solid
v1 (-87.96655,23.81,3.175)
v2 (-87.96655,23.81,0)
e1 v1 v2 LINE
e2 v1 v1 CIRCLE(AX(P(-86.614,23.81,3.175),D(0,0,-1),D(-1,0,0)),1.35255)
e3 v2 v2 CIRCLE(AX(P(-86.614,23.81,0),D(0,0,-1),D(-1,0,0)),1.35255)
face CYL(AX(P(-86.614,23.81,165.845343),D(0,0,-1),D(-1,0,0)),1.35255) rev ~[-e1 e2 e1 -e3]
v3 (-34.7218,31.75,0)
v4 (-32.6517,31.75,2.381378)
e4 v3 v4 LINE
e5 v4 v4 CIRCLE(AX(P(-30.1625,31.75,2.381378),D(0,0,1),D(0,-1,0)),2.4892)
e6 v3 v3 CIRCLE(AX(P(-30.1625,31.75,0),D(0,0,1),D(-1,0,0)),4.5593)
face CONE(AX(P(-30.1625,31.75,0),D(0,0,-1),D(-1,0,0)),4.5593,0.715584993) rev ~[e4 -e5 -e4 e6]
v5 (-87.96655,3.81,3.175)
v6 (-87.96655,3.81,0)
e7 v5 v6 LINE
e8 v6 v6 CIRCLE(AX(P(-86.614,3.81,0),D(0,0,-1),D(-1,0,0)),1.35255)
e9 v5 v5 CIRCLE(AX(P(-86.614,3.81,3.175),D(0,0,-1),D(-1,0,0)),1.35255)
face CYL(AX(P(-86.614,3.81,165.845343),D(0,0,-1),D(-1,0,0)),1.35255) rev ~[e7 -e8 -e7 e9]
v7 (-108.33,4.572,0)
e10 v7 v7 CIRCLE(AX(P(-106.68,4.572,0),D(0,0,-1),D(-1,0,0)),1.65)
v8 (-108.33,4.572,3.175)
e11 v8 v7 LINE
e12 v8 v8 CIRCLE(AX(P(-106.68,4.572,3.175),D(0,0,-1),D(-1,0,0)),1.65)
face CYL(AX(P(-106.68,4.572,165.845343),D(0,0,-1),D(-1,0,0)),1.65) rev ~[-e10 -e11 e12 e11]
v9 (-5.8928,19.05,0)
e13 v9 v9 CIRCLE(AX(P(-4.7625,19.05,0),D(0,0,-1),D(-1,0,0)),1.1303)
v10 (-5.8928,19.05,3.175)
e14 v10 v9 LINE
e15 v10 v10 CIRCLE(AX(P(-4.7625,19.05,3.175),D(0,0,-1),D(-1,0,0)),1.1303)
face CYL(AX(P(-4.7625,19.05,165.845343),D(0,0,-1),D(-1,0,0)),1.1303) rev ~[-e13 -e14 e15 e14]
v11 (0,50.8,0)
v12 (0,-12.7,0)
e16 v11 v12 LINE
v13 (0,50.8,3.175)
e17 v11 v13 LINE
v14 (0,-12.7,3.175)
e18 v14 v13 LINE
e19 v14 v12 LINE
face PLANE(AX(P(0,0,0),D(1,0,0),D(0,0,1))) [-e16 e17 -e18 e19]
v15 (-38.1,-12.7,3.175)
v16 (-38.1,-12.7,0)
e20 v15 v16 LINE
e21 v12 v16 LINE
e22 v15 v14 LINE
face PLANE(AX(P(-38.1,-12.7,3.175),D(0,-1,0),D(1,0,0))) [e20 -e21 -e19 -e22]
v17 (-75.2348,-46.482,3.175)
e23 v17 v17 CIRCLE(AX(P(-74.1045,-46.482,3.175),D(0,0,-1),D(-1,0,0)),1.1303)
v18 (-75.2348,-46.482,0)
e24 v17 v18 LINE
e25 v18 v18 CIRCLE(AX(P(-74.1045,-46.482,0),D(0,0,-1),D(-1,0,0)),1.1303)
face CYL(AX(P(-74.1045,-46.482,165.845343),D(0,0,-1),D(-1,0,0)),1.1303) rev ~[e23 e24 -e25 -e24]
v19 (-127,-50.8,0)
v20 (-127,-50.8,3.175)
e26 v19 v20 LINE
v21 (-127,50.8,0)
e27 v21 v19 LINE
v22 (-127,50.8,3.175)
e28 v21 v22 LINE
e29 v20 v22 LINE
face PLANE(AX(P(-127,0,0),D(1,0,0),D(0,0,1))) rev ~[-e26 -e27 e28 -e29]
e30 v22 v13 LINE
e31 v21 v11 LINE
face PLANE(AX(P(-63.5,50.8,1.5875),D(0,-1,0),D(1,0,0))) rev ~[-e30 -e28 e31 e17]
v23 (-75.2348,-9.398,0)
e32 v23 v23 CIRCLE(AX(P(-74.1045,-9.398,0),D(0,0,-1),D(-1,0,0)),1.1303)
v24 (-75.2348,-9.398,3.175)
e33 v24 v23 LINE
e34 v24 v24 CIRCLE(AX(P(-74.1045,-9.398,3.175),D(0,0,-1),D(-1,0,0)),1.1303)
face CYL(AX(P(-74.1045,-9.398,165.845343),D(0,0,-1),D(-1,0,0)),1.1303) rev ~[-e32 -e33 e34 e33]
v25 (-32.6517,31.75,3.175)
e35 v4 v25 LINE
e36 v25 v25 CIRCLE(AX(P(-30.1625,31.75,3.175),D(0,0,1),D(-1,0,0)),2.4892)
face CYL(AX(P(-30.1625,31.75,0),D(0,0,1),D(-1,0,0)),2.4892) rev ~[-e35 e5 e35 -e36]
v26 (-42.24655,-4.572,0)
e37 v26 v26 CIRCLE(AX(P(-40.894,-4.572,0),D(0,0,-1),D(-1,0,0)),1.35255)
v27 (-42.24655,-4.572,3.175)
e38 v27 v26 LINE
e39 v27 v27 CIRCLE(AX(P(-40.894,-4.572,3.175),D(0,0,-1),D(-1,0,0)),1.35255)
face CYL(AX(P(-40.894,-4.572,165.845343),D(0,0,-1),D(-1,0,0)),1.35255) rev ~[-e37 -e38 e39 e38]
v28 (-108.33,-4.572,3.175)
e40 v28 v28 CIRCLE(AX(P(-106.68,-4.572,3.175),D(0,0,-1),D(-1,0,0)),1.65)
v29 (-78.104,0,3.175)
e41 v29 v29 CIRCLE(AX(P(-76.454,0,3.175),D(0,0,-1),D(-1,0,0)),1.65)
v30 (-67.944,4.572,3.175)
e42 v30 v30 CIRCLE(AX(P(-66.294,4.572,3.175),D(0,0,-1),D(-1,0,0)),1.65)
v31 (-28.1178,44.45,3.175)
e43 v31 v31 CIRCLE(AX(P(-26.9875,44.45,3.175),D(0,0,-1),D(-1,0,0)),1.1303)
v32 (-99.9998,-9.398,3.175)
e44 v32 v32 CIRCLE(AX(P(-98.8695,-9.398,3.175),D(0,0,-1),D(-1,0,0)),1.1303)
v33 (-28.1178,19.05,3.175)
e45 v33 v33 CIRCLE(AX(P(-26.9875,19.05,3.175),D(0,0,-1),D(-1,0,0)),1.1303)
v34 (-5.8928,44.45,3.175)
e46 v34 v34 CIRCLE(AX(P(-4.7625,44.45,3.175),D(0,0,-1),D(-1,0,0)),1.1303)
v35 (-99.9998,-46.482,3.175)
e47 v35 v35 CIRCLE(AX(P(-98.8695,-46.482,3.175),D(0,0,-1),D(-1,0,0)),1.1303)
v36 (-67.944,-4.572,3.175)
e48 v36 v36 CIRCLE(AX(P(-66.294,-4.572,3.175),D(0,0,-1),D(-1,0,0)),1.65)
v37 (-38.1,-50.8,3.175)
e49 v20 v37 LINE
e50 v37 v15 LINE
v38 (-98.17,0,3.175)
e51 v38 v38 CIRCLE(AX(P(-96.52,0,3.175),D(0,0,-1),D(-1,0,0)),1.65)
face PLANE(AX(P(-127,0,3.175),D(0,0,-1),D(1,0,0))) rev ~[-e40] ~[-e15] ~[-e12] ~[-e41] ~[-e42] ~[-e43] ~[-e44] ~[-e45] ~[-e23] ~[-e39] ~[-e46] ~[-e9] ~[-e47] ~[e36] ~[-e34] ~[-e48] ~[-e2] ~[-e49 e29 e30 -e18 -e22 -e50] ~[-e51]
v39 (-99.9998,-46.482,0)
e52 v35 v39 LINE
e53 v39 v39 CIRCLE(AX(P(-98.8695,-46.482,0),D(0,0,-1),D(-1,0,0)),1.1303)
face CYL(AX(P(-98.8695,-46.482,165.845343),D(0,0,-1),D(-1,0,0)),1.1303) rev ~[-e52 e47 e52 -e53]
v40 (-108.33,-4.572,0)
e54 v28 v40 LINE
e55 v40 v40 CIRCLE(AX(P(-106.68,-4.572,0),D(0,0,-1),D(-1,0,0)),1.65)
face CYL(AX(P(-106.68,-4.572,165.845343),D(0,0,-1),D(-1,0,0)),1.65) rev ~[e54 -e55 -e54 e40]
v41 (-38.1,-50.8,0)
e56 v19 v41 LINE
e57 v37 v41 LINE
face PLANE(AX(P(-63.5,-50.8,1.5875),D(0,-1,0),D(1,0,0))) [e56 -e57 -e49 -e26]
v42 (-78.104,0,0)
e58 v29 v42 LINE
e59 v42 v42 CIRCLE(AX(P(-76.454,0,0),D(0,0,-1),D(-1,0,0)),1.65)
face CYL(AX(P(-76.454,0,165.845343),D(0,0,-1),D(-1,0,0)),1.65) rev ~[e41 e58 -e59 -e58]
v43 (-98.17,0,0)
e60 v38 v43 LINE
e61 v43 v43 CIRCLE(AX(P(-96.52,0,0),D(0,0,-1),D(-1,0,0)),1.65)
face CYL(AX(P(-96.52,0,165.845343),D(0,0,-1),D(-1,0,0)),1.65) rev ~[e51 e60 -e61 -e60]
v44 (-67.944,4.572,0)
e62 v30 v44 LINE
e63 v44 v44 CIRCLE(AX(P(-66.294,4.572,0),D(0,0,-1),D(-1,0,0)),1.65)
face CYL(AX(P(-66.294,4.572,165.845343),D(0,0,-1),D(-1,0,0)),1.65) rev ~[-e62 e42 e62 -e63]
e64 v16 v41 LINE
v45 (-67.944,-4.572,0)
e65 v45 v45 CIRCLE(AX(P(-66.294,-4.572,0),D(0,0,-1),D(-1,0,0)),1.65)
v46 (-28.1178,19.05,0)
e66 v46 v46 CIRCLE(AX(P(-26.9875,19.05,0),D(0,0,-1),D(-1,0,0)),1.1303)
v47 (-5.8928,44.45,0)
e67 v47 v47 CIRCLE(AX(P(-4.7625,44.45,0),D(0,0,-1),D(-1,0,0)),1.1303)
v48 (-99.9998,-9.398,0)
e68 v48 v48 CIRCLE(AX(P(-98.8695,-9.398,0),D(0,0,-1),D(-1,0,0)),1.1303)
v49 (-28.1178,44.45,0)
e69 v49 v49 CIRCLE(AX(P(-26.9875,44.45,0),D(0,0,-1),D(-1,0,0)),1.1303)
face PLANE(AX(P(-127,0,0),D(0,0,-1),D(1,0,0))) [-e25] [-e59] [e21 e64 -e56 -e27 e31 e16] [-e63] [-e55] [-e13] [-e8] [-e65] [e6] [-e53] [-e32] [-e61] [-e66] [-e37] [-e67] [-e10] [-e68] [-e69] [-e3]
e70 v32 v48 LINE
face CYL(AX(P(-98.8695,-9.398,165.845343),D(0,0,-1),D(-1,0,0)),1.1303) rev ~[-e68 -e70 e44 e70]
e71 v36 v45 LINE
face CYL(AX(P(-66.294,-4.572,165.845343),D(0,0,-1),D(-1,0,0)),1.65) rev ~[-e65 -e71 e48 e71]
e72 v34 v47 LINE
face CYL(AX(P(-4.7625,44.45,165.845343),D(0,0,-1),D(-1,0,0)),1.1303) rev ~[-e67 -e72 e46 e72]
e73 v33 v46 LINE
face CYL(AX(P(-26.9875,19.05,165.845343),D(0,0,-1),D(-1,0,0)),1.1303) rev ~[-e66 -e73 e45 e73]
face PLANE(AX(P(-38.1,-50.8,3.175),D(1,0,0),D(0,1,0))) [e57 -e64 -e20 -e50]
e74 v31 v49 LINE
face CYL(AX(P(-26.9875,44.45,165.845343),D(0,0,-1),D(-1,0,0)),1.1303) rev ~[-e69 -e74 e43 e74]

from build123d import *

# Parameters (mm, degrees)
F0_W            = 127
F0_H            = 3.175
F1_DEPTH        = 50.8
F3_D            = 3.3
F4_W            = 38.1
F4_H            = 38.1
F5_DEPTH        = 3.176
F7_D            = 2.2606
F10_D           = 2.2606
F12_D           = 2.7051
F14_D           = 4.9784
F14_CSINK_D     = 9.1186
F14_CSINK_ANGLE = 82


with BuildPart() as f1:
    # F0 (on Front) → F1 (new body, symmetric)
    with BuildSketch(Plane.XZ):
        with Locations((-63.5, 1.5875)):
            Rectangle(F0_W, F0_H)
    extrude(amount=F1_DEPTH, both=True)

    # F3 (through all)
    with Locations(Plane.XY.offset(3.175)):
        with Locations((-66.294, 4.572), (-66.294, -4.572), (-76.454, 0), (-96.52, 0), (-106.68, 4.572), (-106.68, -4.572)):
            Hole(F3_D / 2)

    # F4 (on face) → F5 (cut, through all)
    with BuildSketch(Plane.XY.offset(3.175)):
        with Locations((-19.05, -31.75)):
            Rectangle(F4_W, F4_H)
    extrude(amount=-F5_DEPTH, mode=Mode.SUBTRACT)

    # F7 (through all)
    with Locations(Plane.XY.offset(3.175)):
        with Locations((-4.7625, 19.05), (-26.9875, 19.05), (-26.9875, 44.45), (-4.7625, 44.45)):
            Hole(F7_D / 2)

    # F10 (through all)
    with Locations(Plane.XY.offset(3.175)):
        with Locations((-74.1045, -46.482), (-98.8695, -46.482), (-98.8695, -9.398), (-74.1045, -9.398)):
            Hole(F10_D / 2)

    # F12 (through all)
    with Locations(Plane.XY.offset(3.175)):
        with Locations((-40.894, -4.572), (-86.614, 3.81), (-86.614, 23.81)):
            Hole(F12_D / 2)

    # F14 (through all)
    with Locations(Plane(origin=(0, 0, 0), x_dir=(1, 0, 0), z_dir=(0, 0, -1))):
        with Locations((-30.1625, -31.75)):
            CounterSinkHole(F14_D / 2, F14_CSINK_D / 2, counter_sink_angle=F14_CSINK_ANGLE)


solid = f1.part
